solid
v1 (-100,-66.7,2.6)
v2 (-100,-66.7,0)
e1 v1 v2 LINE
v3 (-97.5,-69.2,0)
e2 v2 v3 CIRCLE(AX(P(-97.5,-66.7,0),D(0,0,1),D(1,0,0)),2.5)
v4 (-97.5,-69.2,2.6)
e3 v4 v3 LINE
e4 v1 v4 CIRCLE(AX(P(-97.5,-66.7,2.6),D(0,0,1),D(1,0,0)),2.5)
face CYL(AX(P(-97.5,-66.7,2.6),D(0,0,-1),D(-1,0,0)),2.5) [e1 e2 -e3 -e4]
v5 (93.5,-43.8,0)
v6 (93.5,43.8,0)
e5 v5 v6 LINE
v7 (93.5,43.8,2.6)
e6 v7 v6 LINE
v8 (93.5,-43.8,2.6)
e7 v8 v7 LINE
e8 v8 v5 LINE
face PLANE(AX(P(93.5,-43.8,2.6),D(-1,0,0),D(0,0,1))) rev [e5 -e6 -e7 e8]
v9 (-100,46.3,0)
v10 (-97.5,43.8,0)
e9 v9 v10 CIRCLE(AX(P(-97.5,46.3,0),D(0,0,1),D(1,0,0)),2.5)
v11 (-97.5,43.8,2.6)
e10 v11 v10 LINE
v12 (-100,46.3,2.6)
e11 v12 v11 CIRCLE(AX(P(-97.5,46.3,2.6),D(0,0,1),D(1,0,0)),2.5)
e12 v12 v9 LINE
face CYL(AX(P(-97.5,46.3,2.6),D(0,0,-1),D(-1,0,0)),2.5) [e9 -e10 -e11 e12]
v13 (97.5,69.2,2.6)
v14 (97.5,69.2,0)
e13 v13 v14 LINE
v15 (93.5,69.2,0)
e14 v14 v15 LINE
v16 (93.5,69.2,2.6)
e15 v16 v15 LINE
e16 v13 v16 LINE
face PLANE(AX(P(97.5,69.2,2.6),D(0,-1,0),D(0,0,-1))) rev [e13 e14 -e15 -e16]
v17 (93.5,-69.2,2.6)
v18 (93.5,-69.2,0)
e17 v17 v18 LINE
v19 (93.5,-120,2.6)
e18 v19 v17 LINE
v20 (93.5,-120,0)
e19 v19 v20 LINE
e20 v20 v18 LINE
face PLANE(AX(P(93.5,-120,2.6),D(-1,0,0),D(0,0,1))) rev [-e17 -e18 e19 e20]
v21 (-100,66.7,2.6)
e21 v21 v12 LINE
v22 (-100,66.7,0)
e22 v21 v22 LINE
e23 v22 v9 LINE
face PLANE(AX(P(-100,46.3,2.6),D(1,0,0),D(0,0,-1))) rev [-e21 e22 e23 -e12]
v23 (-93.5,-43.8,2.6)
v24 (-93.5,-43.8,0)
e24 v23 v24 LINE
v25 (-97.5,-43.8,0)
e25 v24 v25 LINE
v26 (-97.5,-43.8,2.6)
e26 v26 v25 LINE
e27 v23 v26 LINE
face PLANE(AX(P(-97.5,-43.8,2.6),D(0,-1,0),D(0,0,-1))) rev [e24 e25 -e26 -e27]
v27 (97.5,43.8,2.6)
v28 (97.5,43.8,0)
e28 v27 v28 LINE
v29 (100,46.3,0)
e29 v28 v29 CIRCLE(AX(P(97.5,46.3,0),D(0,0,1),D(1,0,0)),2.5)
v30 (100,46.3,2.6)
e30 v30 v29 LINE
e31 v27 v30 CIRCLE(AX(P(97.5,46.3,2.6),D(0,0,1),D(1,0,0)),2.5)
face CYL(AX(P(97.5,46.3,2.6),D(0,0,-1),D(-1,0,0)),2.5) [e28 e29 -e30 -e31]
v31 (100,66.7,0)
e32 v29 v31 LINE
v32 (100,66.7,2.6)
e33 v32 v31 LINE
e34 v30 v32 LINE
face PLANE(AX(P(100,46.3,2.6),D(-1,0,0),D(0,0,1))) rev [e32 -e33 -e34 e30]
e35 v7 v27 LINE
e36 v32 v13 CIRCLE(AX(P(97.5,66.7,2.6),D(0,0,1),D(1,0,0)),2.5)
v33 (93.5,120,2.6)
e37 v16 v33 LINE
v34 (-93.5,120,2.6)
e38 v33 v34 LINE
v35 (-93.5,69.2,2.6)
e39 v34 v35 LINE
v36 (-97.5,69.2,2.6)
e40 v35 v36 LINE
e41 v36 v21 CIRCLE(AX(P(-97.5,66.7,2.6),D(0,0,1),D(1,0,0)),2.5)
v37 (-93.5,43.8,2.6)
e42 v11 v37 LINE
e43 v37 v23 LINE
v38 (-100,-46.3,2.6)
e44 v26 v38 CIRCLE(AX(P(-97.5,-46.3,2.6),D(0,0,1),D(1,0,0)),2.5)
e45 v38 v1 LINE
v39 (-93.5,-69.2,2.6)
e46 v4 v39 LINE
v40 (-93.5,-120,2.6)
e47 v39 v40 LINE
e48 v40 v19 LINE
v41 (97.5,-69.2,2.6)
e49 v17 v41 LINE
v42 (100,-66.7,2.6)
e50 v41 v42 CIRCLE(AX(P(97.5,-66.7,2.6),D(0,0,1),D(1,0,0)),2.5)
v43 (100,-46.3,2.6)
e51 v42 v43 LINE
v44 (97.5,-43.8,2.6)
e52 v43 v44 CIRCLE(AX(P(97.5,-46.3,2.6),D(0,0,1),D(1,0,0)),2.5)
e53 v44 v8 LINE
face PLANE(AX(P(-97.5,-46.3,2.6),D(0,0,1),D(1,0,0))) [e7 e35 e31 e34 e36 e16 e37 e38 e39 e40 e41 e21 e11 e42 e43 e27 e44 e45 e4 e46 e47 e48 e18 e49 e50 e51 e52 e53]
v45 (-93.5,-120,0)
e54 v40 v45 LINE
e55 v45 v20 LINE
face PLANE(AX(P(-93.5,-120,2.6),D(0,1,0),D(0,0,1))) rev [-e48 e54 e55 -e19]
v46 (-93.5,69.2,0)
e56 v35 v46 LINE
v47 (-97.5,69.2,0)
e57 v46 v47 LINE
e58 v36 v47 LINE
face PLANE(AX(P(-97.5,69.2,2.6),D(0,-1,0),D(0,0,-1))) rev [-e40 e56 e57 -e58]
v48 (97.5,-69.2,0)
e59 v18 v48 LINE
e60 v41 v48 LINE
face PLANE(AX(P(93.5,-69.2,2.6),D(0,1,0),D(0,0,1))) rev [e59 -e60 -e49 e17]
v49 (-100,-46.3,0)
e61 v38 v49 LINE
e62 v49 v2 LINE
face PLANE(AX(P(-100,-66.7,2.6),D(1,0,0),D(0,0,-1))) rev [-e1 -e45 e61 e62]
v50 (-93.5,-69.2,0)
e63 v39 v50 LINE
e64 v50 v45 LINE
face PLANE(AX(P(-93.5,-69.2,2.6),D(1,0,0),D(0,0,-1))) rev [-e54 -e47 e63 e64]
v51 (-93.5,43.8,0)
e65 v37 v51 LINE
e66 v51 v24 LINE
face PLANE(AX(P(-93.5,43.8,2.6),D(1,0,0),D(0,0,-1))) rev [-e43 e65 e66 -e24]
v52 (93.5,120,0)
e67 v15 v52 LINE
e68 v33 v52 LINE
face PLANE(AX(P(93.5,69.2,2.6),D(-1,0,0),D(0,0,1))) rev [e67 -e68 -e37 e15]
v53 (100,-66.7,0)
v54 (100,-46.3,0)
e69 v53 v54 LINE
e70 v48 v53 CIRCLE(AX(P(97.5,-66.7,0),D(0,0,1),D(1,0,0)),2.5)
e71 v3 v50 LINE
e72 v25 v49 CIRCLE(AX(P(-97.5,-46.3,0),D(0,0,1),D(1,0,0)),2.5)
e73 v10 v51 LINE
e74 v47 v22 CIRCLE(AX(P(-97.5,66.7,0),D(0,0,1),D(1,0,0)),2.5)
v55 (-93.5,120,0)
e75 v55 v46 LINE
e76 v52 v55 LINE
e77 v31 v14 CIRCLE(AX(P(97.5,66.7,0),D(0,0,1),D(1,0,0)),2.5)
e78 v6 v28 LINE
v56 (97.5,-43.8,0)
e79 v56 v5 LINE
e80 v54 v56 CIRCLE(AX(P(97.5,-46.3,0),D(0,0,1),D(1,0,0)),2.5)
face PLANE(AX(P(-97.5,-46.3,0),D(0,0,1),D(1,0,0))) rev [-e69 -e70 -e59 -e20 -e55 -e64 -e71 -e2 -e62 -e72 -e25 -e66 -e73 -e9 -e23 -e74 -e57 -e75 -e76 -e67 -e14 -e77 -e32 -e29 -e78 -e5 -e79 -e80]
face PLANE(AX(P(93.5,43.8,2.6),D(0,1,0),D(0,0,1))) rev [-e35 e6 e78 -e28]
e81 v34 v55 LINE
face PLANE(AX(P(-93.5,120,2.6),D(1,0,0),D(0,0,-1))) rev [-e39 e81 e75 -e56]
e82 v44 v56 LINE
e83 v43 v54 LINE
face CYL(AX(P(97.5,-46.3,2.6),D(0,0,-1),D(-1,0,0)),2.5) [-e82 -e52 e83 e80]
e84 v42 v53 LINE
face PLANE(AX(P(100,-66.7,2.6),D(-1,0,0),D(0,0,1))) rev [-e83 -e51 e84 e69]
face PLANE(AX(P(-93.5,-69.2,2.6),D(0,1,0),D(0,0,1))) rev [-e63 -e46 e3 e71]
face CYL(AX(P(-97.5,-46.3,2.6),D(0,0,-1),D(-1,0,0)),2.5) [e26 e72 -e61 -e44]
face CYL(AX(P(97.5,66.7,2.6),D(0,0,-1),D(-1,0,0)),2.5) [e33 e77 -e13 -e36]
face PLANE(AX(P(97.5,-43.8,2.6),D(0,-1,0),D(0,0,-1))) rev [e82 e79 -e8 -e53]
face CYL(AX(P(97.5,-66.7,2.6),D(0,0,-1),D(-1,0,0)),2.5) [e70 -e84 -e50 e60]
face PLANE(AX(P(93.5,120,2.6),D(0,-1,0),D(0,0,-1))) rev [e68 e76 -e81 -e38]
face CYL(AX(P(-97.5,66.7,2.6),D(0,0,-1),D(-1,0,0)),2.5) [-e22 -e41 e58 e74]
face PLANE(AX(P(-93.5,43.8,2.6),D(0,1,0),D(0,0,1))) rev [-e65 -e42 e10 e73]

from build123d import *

# Parameters (mm, degrees)
BOSS_EXTRUDE1_DEPTH = 2.6


with BuildPart() as part:
    # Model → Boss-Extrude1 (new body)
    with BuildSketch(Plane.XY):
        with BuildLine():
            Line((-97.5, -43.8), (-93.5, -43.8))
            Line((-93.5, -43.8), (-93.5, 43.8))
            Line((-93.5, 43.8), (-97.5, 43.8))
            ThreePointArc((-97.5, 43.8), (-99.267766953, 44.532233047), (-100, 46.3))
            Line((-100, 46.3), (-100, 66.7))
            ThreePointArc((-100, 66.7), (-99.267766953, 68.467766953), (-97.5, 69.2))
            Line((-97.5, 69.2), (-93.5, 69.2))
            Line((-93.5, 69.2), (-93.5, 120))
            Line((-93.5, 120), (93.5, 120))
            Line((93.5, 120), (93.5, 69.2))
            Line((93.5, 69.2), (97.5, 69.2))
            ThreePointArc((97.5, 69.2), (99.267766953, 68.467766953), (100, 66.7))
            Line((100, 66.7), (100, 46.3))
            ThreePointArc((100, 46.3), (99.267766953, 44.532233047), (97.5, 43.8))
            Line((97.5, 43.8), (93.5, 43.8))
            Line((93.5, 43.8), (93.5, -43.8))
            Line((93.5, -43.8), (97.5, -43.8))
            ThreePointArc((97.5, -43.8), (99.267766953, -44.532233047), (100, -46.3))
            Line((100, -46.3), (100, -66.7))
            ThreePointArc((100, -66.7), (99.267766953, -68.467766953), (97.5, -69.2))
            Line((97.5, -69.2), (93.5, -69.2))
            Line((93.5, -69.2), (93.5, -120))
            Line((93.5, -120), (-93.5, -120))
            Line((-93.5, -120), (-93.5, -69.2))
            Line((-93.5, -69.2), (-97.5, -69.2))
            ThreePointArc((-97.5, -69.2), (-99.267766953, -68.467766953), (-100, -66.7))
            Line((-100, -66.7), (-100, -46.3))
            ThreePointArc((-100, -46.3), (-99.267766953, -44.532233047), (-97.5, -43.8))
        make_face()
    extrude(amount=BOSS_EXTRUDE1_DEPTH)


solid = part.part
